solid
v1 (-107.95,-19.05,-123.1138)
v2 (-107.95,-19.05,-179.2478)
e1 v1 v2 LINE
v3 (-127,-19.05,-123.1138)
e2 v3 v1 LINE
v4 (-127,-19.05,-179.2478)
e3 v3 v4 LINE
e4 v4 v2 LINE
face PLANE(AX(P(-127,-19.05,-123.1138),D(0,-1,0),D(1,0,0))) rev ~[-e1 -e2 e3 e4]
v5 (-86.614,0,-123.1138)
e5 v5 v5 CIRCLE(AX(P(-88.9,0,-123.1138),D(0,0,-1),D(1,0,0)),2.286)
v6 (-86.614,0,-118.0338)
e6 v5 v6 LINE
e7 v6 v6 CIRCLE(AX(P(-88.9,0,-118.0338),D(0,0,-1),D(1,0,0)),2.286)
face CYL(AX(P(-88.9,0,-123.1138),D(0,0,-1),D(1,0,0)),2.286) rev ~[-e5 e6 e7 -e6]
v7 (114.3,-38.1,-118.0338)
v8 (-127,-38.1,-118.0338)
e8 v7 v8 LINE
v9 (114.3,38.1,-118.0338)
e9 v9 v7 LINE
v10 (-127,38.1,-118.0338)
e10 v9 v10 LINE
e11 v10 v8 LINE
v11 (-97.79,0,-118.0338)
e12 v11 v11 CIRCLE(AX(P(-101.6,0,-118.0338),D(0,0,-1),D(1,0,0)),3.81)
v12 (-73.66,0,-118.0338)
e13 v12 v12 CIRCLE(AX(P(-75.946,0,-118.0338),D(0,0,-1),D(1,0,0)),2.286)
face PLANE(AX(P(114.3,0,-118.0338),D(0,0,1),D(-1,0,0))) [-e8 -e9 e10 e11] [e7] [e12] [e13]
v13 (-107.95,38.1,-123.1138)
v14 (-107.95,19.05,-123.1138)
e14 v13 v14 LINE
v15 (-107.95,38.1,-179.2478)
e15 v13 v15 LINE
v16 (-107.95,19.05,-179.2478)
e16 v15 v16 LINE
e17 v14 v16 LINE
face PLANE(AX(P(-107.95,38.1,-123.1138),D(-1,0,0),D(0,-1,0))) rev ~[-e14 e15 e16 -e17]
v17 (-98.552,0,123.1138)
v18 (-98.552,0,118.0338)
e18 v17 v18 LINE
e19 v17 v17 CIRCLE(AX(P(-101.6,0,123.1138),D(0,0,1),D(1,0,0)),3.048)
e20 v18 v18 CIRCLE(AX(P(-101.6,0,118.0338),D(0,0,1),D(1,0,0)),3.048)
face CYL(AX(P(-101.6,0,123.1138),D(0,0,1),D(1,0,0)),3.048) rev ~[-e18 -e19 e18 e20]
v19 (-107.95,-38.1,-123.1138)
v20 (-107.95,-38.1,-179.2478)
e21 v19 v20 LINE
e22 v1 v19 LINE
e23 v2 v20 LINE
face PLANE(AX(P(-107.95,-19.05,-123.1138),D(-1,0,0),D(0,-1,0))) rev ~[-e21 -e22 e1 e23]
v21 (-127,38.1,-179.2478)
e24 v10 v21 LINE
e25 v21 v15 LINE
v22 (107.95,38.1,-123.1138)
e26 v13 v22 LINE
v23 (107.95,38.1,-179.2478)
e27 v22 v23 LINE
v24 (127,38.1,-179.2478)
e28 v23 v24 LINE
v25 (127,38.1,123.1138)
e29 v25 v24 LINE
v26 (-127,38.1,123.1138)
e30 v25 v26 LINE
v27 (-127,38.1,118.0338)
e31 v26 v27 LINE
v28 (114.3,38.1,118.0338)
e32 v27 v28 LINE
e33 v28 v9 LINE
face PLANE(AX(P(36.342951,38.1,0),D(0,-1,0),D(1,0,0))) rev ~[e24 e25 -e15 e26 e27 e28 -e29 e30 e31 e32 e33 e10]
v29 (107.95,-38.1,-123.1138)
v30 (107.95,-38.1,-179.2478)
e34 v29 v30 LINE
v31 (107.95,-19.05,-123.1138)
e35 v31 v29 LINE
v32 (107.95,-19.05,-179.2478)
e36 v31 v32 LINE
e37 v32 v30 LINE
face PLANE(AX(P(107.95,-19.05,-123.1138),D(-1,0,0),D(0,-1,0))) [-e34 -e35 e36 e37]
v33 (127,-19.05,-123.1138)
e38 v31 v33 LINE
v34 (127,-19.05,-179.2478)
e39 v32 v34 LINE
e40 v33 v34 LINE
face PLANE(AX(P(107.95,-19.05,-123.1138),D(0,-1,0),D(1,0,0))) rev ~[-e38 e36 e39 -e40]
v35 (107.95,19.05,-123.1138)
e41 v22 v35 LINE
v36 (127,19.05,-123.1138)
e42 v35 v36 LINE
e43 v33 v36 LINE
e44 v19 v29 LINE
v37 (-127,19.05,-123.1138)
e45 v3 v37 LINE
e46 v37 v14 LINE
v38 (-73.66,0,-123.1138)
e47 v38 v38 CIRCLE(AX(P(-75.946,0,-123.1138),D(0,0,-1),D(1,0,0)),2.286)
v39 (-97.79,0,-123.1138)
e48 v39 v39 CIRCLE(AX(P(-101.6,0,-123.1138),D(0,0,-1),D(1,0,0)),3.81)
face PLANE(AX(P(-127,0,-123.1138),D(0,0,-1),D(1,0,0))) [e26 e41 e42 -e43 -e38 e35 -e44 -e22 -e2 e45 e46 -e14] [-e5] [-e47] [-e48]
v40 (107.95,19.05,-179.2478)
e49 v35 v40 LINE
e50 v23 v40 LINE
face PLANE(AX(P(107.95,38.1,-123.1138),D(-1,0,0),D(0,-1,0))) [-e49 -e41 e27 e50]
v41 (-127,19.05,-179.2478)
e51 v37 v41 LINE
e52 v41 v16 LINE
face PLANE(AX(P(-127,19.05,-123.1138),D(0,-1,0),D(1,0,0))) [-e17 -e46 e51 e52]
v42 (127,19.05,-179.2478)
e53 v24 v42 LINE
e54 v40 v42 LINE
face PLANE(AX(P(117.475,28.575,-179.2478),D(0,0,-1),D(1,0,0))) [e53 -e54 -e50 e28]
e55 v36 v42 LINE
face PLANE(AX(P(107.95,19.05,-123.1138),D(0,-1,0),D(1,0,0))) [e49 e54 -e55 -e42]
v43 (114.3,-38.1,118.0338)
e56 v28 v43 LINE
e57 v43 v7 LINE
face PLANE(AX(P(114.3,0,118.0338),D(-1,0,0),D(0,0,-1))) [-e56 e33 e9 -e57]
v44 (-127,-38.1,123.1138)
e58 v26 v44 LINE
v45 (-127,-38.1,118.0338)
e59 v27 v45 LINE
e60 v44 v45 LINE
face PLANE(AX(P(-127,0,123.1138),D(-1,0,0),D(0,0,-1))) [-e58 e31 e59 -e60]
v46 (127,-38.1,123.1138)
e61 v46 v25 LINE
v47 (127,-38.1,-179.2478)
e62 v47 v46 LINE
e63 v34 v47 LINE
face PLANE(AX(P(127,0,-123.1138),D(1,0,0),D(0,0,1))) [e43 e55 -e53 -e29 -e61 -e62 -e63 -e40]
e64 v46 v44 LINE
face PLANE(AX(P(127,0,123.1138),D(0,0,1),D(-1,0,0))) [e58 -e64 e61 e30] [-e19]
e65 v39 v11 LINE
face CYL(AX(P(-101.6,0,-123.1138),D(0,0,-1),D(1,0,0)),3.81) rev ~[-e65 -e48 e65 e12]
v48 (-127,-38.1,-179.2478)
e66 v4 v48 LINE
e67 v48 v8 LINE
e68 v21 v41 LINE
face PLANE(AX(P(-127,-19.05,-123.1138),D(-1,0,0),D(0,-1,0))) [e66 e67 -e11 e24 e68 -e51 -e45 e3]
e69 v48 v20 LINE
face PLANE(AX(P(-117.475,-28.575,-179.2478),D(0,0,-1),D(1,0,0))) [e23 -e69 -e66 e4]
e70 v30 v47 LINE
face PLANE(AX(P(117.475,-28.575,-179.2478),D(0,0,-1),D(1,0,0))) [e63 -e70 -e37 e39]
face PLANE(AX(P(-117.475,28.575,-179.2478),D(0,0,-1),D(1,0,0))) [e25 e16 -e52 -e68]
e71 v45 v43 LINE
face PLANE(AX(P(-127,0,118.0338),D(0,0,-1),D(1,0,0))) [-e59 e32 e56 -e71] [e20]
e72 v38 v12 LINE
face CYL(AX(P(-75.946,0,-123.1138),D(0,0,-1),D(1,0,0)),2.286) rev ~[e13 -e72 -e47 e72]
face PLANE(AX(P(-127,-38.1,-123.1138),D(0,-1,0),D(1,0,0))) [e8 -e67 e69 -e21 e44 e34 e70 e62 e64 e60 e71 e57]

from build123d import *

# Parameters (mm, degrees)
F1_DEPTH = 38.1
F2_R     = 3.048
F3_DEPTH = 246.2286
F4_W     = 19.05
F4_H     = 19.05
F5_DEPTH = 56.134
F6_R     = 2.286
F6_R_2   = 3.81
F6_R_3   = 3.048
F7_DEPTH = 25.4


with BuildPart() as f1:
    # F0 (on Front) → F1 (new body, symmetric)
    with BuildSketch(Plane.XZ):
        Polygon((127, 123.1138), (-127, 123.1138), (-127, 118.0338), (-114.3, 118.0338), (114.3, 118.0338), (114.3, -118.0338), (-114.3, -118.0338), (-127, -118.0338), (-127, -123.1138), (127, -123.1138), align=None)
    extrude(amount=F1_DEPTH, both=True)

    # F2 (on face) → F3 (cut, through all)
    with BuildSketch(Plane.XY.offset(123.1138)):
        with Locations((-101.6, 0)):
            Circle(F2_R)
    extrude(amount=-F3_DEPTH, mode=Mode.SUBTRACT)

    # F4 (on face) → F5 (join)
    with BuildSketch(Plane(origin=(0, 0, -123.1138), x_dir=(1, 0, 0), z_dir=(0, 0, -1))):
        with Locations((-117.475, 28.575)):
            Rectangle(F4_W, F4_H)
        with Locations((-117.475, -28.575)):
            Rectangle(F4_W, F4_H)
        with Locations((117.475, 28.575)):
            Rectangle(F4_W, F4_H)
        with Locations((117.475, -28.575)):
            Rectangle(F4_W, F4_H)
    extrude(amount=F5_DEPTH)

    # F6 (on face) → F7 (cut)
    with BuildSketch(Plane(origin=(0, 0, -123.1138), x_dir=(1, 0, 0), z_dir=(0, 0, -1))):
        with Locations((-88.9, 0)):
            Circle(F6_R)
        with Locations((-75.946, 0)):
            Circle(F6_R)
        with Locations((-101.6, 0)):
            Circle(F6_R_2)
        with Locations((-101.6, 0)):
            Circle(F6_R_3, mode=Mode.SUBTRACT)
    extrude(amount=-F7_DEPTH, mode=Mode.SUBTRACT)


solid = f1.part
